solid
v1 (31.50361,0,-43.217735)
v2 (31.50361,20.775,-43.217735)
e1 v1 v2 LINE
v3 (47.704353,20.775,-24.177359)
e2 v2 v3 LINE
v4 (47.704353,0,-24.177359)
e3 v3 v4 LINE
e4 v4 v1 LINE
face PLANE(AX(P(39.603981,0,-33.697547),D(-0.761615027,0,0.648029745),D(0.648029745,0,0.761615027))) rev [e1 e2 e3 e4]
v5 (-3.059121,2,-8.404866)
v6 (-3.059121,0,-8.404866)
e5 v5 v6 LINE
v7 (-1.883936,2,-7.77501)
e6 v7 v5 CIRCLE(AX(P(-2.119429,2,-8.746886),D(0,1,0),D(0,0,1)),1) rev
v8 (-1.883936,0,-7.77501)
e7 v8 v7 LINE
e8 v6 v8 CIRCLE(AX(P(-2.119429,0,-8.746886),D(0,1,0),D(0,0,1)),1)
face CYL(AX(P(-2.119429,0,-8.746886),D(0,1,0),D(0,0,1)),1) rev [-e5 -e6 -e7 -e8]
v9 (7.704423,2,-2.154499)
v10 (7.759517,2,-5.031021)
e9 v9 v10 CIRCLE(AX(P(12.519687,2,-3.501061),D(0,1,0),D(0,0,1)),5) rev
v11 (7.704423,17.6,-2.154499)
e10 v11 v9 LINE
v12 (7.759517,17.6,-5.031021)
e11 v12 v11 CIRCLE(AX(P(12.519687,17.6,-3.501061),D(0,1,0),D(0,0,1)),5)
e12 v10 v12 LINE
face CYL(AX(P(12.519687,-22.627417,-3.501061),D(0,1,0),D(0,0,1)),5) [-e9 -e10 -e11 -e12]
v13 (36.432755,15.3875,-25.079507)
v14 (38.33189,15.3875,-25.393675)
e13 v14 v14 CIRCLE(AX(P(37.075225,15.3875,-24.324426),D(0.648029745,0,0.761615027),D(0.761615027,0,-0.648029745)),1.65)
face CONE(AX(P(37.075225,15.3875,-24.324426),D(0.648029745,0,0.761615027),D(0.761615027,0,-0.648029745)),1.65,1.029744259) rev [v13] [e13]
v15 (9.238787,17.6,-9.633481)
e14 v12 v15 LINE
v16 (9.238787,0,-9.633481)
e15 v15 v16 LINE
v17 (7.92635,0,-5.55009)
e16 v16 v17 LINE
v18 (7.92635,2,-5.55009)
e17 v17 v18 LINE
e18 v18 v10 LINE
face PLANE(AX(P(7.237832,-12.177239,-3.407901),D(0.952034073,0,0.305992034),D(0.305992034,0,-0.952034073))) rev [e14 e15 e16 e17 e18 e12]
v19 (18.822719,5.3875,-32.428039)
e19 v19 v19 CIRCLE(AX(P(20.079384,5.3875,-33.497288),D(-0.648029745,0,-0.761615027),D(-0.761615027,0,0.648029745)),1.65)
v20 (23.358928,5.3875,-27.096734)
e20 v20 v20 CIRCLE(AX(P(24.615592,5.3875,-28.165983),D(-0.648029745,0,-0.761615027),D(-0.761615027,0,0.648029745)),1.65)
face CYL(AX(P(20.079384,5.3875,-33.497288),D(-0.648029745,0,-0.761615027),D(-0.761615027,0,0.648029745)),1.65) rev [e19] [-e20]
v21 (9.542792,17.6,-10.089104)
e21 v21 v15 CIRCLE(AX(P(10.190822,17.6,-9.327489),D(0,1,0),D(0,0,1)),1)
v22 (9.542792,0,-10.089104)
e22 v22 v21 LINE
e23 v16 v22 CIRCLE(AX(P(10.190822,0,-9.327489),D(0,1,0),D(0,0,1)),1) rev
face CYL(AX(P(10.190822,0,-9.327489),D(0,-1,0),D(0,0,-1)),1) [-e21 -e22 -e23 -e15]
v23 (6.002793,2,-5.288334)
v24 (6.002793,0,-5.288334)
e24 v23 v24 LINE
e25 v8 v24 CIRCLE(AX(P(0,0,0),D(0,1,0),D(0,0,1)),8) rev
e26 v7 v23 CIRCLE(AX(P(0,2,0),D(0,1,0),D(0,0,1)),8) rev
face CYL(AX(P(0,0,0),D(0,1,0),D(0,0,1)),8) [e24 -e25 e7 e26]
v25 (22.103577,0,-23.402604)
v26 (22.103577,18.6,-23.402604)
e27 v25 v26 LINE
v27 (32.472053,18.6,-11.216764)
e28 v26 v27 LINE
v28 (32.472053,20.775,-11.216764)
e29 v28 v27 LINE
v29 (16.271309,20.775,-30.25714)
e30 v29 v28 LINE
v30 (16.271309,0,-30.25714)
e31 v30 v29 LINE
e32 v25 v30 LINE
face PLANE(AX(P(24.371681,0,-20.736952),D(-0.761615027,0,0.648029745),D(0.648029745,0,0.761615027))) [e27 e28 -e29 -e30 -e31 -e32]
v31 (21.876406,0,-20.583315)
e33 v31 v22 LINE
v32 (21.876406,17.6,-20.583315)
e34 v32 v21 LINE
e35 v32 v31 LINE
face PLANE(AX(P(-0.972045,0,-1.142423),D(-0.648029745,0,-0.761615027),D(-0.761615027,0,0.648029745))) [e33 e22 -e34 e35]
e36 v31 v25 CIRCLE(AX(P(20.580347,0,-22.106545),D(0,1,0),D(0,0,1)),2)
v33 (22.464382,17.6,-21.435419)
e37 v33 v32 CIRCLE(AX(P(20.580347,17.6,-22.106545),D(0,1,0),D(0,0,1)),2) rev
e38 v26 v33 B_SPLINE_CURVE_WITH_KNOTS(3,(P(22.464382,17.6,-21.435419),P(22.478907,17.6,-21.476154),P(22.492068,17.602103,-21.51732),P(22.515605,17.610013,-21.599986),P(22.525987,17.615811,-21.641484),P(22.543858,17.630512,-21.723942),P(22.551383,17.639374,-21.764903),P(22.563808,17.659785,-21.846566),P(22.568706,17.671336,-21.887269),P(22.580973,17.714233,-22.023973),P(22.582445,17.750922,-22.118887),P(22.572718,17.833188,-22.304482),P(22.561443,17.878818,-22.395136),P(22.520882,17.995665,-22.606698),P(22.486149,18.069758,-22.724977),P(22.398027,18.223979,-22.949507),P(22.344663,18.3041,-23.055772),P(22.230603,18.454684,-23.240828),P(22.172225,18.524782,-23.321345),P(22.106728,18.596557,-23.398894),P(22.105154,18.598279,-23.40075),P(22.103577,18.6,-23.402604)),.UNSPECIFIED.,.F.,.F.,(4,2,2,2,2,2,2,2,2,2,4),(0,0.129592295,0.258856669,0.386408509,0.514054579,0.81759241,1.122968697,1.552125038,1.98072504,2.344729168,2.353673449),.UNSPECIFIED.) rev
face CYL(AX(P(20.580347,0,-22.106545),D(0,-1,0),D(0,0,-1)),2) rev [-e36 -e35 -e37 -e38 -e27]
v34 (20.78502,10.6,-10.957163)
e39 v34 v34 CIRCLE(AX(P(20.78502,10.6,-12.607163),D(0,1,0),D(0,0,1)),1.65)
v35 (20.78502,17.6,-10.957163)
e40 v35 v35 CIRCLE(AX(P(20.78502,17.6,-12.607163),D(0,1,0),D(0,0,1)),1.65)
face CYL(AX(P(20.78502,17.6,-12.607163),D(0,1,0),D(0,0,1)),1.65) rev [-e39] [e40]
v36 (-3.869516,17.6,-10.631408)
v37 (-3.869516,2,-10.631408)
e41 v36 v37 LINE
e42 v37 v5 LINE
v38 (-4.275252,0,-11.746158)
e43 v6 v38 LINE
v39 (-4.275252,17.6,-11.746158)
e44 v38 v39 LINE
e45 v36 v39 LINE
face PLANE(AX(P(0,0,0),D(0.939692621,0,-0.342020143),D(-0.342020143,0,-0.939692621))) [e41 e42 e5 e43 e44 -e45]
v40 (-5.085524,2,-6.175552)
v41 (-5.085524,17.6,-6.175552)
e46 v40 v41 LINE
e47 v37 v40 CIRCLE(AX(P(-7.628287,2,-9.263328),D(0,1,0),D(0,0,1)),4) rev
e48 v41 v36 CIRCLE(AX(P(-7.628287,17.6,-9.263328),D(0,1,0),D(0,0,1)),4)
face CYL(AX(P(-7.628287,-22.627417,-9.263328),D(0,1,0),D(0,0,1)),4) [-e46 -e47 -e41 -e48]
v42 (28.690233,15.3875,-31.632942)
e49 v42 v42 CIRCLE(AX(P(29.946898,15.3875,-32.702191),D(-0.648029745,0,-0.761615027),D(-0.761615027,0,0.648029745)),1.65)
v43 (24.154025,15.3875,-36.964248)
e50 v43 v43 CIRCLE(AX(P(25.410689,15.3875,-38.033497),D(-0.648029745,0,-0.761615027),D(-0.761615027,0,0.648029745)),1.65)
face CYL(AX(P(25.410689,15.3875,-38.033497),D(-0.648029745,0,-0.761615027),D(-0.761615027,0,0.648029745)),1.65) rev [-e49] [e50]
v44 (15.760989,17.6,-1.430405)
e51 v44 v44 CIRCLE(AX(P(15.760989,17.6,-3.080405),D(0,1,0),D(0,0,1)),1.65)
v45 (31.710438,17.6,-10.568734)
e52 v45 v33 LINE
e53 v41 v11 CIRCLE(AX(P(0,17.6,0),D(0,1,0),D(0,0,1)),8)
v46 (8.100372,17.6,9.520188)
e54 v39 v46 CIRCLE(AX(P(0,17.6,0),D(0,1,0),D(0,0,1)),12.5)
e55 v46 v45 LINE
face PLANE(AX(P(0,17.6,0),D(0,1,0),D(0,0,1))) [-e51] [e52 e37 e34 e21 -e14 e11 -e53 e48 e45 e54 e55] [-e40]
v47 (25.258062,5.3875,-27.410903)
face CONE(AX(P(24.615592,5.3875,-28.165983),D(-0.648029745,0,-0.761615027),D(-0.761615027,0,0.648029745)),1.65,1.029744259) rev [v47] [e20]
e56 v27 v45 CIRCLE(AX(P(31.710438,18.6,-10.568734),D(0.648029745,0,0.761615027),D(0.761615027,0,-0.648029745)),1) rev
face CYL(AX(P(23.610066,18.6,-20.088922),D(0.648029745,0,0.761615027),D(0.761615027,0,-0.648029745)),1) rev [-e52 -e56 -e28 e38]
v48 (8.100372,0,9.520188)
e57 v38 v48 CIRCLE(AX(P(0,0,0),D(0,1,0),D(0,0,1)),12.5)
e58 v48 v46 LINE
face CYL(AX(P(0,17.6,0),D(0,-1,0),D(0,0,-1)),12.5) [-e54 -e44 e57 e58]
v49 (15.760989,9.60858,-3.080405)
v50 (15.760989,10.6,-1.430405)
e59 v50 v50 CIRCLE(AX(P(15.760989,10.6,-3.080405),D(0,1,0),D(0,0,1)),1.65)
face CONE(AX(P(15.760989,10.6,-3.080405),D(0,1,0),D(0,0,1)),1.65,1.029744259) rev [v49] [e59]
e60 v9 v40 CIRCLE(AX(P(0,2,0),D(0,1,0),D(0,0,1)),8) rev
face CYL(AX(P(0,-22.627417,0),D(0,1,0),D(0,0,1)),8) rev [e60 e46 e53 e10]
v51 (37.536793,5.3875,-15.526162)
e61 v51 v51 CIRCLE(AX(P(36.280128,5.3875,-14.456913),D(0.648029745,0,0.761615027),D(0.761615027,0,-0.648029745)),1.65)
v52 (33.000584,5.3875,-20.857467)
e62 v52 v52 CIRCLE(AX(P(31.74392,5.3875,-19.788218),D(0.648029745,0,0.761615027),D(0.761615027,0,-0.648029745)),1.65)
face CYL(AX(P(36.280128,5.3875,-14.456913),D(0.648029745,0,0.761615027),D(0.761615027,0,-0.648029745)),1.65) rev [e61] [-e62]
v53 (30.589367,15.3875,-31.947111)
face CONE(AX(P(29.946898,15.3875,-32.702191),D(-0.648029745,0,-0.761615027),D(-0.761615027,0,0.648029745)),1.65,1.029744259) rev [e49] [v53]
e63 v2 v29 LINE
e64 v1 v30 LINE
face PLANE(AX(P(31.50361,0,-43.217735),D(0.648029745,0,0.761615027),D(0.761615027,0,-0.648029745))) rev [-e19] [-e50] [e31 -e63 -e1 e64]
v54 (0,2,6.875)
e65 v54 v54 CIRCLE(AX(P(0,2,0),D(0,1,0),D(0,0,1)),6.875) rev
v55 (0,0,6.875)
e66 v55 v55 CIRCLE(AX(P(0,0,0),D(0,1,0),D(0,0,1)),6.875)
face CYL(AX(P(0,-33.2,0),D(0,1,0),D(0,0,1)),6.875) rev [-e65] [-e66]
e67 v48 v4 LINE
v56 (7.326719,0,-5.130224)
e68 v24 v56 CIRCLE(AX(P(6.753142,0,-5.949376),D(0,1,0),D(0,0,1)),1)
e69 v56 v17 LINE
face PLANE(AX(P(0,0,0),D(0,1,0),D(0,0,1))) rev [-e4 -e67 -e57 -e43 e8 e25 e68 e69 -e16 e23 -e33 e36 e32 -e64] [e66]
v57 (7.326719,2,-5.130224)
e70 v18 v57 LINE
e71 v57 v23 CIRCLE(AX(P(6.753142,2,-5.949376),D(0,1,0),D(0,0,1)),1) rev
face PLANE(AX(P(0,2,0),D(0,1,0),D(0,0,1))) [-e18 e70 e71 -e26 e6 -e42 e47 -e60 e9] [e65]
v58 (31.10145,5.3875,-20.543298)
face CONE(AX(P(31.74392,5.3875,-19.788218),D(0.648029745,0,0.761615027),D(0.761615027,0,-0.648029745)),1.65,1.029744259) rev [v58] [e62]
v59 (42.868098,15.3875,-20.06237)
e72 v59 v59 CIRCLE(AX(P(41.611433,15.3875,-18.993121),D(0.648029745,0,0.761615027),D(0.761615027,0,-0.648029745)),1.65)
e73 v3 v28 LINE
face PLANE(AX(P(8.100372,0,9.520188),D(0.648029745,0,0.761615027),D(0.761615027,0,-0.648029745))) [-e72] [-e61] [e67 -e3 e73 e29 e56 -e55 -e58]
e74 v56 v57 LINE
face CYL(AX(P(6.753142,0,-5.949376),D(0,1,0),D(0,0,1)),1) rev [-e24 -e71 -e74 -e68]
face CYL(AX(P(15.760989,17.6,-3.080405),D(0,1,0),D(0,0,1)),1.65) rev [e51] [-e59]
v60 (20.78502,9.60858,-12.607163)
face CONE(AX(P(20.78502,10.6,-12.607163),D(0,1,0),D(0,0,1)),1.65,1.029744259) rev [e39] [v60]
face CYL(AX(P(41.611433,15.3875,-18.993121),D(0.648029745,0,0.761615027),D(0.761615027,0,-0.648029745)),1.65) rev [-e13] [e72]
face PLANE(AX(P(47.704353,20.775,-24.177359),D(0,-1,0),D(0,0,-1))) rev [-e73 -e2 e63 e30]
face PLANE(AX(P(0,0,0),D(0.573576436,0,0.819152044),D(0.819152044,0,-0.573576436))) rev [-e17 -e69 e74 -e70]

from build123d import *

# Parameters (mm, degrees)
SKETCH1_R                      = 12.5
BOSS_EXTRUDE1_DEPTH            = 17.6
SKETCH2_R                      = 6.875
CUT_EXTRUDE1_DEPTH             = 50.8
SKETCH3_R                      = 8
CUT_EXTRUDE3_DEPTH             = 15.6
CUT_EXTRUDE4_DEPTH             = 18.6
BOSS_EXTRUDE2_DEPTH            = 17.6
FILLET1_R                      = 4
SKETCH6_W                      = 25
SKETCH6_H                      = 20.775
BOSS_EXTRUDE3_DEPTH            = 20
M4X0_7_TAPPED_HOLE2_AT_2_COUNT = 2
M4X0_7_TAPPED_HOLE2_AT_2_PITCH = 12.206555616
M4X0_7_TAPPED_HOLE1_D          = 3.3
M4X0_7_TAPPED_HOLE1_DEPTH      = 7
M4X0_7_TAPPED_HOLE1_TIP        = 0.991420021
FILLET4_R                      = 1
FILLET6_R                      = 1
FILLET7_R                      = 2
CUT_EXTRUDE6_DEPTH             = 15.6
FILLET8_R                      = 5
BOSS_EXTRUDE4_DEPTH            = 17.6
FILLET11_R                     = 1


with BuildPart() as part:
    # Sketch1 → Boss-Extrude1 (new body)
    with BuildSketch(Plane(origin=(0, 0, 0), x_dir=(1, 0, 0), z_dir=(0, 1, 0))):
        Circle(SKETCH1_R)
    extrude(amount=BOSS_EXTRUDE1_DEPTH)

    # Sketch2 → Cut-Extrude1 (cut)
    with BuildSketch(Plane(origin=(0, 17.6, 0), x_dir=(1, 0, 0), z_dir=(0, 1, 0))):
        Circle(SKETCH2_R)
    extrude(amount=-CUT_EXTRUDE1_DEPTH, mode=Mode.SUBTRACT)

    # Sketch3 → Cut-Extrude3 (cut)
    with BuildSketch(Plane(origin=(0, 17.6, 0), x_dir=(1, 0, 0), z_dir=(0, 1, 0))):
        Circle(SKETCH3_R)
    extrude(amount=-CUT_EXTRUDE3_DEPTH, mode=Mode.SUBTRACT)

    # Sketch4 → Cut-Extrude4 (cut, through all)
    with BuildSketch(Plane(origin=(0, 17.6, 0), x_dir=(1, 0, 0), z_dir=(0, 1, 0))):
        with BuildLine():
            ThreePointArc((-2.736161147, 7.517540966), (2.405646396, 7.629735606), (6.553216354, 4.588611491))
            Line((6.553216354, 4.588611491), (10.239400554, 7.169705454))
            ThreePointArc((10.239400554, 7.169705454), (3.758822494, 11.921461884), (-4.275251792, 11.74615776))
            Line((-4.275251792, 11.74615776), (-2.736161147, 7.517540966))
        make_face()
    extrude(amount=-CUT_EXTRUDE4_DEPTH, mode=Mode.SUBTRACT)

    # Sketch5 → Boss-Extrude2 (add, through all)
    with BuildSketch(Plane(origin=(0, 17.6, 0), x_dir=(1, 0, 0), z_dir=(0, 1, 0))):
        with BuildLine():
            Line((8.100371818, -9.520187835), (32.472052675, 11.216764019))
            Line((32.472052675, 11.216764019), (23.399636239, 21.879374394))
            Line((23.399636239, 21.879374394), (10.717665156, 11.088759446))
            Line((10.717665156, 11.088759446), (10.239400554, 7.169705454))
            ThreePointArc((10.239400554, 7.169705454), (12.398586499, -1.589041484), (8.100371818, -9.520187835))
        make_face()
    extrude(amount=-BOSS_EXTRUDE2_DEPTH)

    # Fillet1
    fillet1_edges = [part.edges().sort_by_distance(p)[0] for p in [
        (-2.736161147, 9.8, -7.517540966),
    ]]
    fillet(fillet1_edges, radius=FILLET1_R)

    # Sketch6 → Boss-Extrude3 (add)
    with BuildSketch(Plane(origin=(24.371680857, 0, -20.736951854), x_dir=(-0.648029745, 0, -0.761615027), z_dir=(0.761615027, 0, -0.648029745))):
        with Locations((0, 10.3875)):
            Rectangle(SKETCH6_W, SKETCH6_H)
    extrude(amount=BOSS_EXTRUDE3_DEPTH)

    # Sketch9 → M4x0.7 Tapped Hole2 (revolve, cut)
    with BuildSketch(Plane(origin=(25.410689361, 15.3875, -38.033496634), x_dir=(-0.761615027, 0, 0.648029745), z_dir=(0, 1, 0))):
        Polygon((0, 0), (0, 7.991420021), (1.65, 7), (1.65, 0), align=None)
    m4x0_7_tapped_hole2 = revolve(axis=Axis((21.295700477, 15.3875, -42.869752054), (0.648029745, 0, 0.761615027)), mode=Mode.SUBTRACT)

    # M4x0.7 Tapped Hole2 at 2: M4x0.7 Tapped Hole2 ×2
    with Locations(*[Vector(-0.436757539, -0.819231921, 0.371620657) * (i * M4X0_7_TAPPED_HOLE2_AT_2_PITCH) for i in range(1, M4X0_7_TAPPED_HOLE2_AT_2_COUNT)]):
        add(m4x0_7_tapped_hole2, mode=Mode.SUBTRACT)

    # Mirror1: M4x0.7 Tapped Hole2 across plane
    add(m4x0_7_tapped_hole2.mirror(Plane(origin=(0, 0, 0), x_dir=(-0.761615027, 0, 0.648029745), z_dir=(-0.648029745, 0, -0.761615027))), mode=Mode.SUBTRACT)

    # Mirror1 copy 1 sketch → Mirror1 copy 1 (revolve, cut)
    with BuildSketch(Plane(origin=(36.280127809, 5.3875, -14.456912746), x_dir=(-0.761615027, 0, 0.648029745), z_dir=(0, 1, 0))):
        Polygon((0, 0), (0, -7.991420021), (1.65, -7), (1.65, 0), align=None)
    revolve(axis=Axis((40.395116693, 5.3875, -9.620657326), (0.648029745, 0, 0.761615027)), mode=Mode.SUBTRACT)

    # M4x0.7 Tapped Hole1
    with Locations(Plane(origin=(0, 17.6, 0), x_dir=(1, 0, 0), z_dir=(0, 1, 0))):
        with Locations((20.785019884, 12.607162838), (15.760988598, 3.080405276)):
            Hole(M4X0_7_TAPPED_HOLE1_D / 2, depth=M4X0_7_TAPPED_HOLE1_DEPTH)
            with Locations((0, 0, -(M4X0_7_TAPPED_HOLE1_DEPTH + M4X0_7_TAPPED_HOLE1_TIP / 2))):  # 118° drill point
                Cone(0, M4X0_7_TAPPED_HOLE1_D / 2, M4X0_7_TAPPED_HOLE1_TIP, mode=Mode.SUBTRACT)

    # Fillet4
    fillet4_edges = [part.edges().sort_by_distance(p)[0] for p in [
        (27.935844457, 17.6, -16.548069207),
    ]]
    fillet(fillet4_edges, radius=FILLET4_R)

    # Fillet6
    fillet6_edges = [part.edges().sort_by_distance(p)[0] for p in [
        (-2.736161147, 1, -7.517540966),
        (6.553216354, 1, -4.588611491),
    ]]
    fillet(fillet6_edges, radius=FILLET6_R)

    # Fillet7
    fillet7_edges = [part.edges().sort_by_distance(p)[0] for p in [
        (23.399636239, 8.8, -21.879374394),
    ]]
    fillet(fillet7_edges, radius=FILLET7_R)

    # Sketch13 → Cut-Extrude6 (cut)
    with BuildSketch(Plane(origin=(0, 17.6, 0), x_dir=(1, 0, 0), z_dir=(0, 1, 0))):
        Polygon((7.237831979, 3.407900857), (11.336580589, 16.160351586), (5.142300877, 6.128355545), (6.34884573, 4.867459081), align=None)
    extrude(amount=-CUT_EXTRUDE6_DEPTH, mode=Mode.SUBTRACT)

    # Fillet8
    fillet8_edges = [part.edges().sort_by_distance(p)[0] for p in [
        (7.237831979, 9.8, -3.407900857),
    ]]
    fillet(fillet8_edges, radius=FILLET8_R)

    # Sketch14 → Boss-Extrude4 (add)
    with BuildSketch(Plane(origin=(0, 17.6, 0), x_dir=(1, 0, 0), z_dir=(0, 1, 0))):
        Polygon((7.926350274, 5.550090213), (9.325919645, 9.904575236), (10.717665156, 11.088759446), (10.239400554, 7.169705454), align=None)
    extrude(amount=-BOSS_EXTRUDE4_DEPTH)

    # Fillet11
    fillet11_edges = [part.edges().sort_by_distance(p)[0] for p in [
        (9.325919645, 8.8, -9.904575236),
    ]]
    fillet(fillet11_edges, radius=FILLET11_R)


solid = part.part
